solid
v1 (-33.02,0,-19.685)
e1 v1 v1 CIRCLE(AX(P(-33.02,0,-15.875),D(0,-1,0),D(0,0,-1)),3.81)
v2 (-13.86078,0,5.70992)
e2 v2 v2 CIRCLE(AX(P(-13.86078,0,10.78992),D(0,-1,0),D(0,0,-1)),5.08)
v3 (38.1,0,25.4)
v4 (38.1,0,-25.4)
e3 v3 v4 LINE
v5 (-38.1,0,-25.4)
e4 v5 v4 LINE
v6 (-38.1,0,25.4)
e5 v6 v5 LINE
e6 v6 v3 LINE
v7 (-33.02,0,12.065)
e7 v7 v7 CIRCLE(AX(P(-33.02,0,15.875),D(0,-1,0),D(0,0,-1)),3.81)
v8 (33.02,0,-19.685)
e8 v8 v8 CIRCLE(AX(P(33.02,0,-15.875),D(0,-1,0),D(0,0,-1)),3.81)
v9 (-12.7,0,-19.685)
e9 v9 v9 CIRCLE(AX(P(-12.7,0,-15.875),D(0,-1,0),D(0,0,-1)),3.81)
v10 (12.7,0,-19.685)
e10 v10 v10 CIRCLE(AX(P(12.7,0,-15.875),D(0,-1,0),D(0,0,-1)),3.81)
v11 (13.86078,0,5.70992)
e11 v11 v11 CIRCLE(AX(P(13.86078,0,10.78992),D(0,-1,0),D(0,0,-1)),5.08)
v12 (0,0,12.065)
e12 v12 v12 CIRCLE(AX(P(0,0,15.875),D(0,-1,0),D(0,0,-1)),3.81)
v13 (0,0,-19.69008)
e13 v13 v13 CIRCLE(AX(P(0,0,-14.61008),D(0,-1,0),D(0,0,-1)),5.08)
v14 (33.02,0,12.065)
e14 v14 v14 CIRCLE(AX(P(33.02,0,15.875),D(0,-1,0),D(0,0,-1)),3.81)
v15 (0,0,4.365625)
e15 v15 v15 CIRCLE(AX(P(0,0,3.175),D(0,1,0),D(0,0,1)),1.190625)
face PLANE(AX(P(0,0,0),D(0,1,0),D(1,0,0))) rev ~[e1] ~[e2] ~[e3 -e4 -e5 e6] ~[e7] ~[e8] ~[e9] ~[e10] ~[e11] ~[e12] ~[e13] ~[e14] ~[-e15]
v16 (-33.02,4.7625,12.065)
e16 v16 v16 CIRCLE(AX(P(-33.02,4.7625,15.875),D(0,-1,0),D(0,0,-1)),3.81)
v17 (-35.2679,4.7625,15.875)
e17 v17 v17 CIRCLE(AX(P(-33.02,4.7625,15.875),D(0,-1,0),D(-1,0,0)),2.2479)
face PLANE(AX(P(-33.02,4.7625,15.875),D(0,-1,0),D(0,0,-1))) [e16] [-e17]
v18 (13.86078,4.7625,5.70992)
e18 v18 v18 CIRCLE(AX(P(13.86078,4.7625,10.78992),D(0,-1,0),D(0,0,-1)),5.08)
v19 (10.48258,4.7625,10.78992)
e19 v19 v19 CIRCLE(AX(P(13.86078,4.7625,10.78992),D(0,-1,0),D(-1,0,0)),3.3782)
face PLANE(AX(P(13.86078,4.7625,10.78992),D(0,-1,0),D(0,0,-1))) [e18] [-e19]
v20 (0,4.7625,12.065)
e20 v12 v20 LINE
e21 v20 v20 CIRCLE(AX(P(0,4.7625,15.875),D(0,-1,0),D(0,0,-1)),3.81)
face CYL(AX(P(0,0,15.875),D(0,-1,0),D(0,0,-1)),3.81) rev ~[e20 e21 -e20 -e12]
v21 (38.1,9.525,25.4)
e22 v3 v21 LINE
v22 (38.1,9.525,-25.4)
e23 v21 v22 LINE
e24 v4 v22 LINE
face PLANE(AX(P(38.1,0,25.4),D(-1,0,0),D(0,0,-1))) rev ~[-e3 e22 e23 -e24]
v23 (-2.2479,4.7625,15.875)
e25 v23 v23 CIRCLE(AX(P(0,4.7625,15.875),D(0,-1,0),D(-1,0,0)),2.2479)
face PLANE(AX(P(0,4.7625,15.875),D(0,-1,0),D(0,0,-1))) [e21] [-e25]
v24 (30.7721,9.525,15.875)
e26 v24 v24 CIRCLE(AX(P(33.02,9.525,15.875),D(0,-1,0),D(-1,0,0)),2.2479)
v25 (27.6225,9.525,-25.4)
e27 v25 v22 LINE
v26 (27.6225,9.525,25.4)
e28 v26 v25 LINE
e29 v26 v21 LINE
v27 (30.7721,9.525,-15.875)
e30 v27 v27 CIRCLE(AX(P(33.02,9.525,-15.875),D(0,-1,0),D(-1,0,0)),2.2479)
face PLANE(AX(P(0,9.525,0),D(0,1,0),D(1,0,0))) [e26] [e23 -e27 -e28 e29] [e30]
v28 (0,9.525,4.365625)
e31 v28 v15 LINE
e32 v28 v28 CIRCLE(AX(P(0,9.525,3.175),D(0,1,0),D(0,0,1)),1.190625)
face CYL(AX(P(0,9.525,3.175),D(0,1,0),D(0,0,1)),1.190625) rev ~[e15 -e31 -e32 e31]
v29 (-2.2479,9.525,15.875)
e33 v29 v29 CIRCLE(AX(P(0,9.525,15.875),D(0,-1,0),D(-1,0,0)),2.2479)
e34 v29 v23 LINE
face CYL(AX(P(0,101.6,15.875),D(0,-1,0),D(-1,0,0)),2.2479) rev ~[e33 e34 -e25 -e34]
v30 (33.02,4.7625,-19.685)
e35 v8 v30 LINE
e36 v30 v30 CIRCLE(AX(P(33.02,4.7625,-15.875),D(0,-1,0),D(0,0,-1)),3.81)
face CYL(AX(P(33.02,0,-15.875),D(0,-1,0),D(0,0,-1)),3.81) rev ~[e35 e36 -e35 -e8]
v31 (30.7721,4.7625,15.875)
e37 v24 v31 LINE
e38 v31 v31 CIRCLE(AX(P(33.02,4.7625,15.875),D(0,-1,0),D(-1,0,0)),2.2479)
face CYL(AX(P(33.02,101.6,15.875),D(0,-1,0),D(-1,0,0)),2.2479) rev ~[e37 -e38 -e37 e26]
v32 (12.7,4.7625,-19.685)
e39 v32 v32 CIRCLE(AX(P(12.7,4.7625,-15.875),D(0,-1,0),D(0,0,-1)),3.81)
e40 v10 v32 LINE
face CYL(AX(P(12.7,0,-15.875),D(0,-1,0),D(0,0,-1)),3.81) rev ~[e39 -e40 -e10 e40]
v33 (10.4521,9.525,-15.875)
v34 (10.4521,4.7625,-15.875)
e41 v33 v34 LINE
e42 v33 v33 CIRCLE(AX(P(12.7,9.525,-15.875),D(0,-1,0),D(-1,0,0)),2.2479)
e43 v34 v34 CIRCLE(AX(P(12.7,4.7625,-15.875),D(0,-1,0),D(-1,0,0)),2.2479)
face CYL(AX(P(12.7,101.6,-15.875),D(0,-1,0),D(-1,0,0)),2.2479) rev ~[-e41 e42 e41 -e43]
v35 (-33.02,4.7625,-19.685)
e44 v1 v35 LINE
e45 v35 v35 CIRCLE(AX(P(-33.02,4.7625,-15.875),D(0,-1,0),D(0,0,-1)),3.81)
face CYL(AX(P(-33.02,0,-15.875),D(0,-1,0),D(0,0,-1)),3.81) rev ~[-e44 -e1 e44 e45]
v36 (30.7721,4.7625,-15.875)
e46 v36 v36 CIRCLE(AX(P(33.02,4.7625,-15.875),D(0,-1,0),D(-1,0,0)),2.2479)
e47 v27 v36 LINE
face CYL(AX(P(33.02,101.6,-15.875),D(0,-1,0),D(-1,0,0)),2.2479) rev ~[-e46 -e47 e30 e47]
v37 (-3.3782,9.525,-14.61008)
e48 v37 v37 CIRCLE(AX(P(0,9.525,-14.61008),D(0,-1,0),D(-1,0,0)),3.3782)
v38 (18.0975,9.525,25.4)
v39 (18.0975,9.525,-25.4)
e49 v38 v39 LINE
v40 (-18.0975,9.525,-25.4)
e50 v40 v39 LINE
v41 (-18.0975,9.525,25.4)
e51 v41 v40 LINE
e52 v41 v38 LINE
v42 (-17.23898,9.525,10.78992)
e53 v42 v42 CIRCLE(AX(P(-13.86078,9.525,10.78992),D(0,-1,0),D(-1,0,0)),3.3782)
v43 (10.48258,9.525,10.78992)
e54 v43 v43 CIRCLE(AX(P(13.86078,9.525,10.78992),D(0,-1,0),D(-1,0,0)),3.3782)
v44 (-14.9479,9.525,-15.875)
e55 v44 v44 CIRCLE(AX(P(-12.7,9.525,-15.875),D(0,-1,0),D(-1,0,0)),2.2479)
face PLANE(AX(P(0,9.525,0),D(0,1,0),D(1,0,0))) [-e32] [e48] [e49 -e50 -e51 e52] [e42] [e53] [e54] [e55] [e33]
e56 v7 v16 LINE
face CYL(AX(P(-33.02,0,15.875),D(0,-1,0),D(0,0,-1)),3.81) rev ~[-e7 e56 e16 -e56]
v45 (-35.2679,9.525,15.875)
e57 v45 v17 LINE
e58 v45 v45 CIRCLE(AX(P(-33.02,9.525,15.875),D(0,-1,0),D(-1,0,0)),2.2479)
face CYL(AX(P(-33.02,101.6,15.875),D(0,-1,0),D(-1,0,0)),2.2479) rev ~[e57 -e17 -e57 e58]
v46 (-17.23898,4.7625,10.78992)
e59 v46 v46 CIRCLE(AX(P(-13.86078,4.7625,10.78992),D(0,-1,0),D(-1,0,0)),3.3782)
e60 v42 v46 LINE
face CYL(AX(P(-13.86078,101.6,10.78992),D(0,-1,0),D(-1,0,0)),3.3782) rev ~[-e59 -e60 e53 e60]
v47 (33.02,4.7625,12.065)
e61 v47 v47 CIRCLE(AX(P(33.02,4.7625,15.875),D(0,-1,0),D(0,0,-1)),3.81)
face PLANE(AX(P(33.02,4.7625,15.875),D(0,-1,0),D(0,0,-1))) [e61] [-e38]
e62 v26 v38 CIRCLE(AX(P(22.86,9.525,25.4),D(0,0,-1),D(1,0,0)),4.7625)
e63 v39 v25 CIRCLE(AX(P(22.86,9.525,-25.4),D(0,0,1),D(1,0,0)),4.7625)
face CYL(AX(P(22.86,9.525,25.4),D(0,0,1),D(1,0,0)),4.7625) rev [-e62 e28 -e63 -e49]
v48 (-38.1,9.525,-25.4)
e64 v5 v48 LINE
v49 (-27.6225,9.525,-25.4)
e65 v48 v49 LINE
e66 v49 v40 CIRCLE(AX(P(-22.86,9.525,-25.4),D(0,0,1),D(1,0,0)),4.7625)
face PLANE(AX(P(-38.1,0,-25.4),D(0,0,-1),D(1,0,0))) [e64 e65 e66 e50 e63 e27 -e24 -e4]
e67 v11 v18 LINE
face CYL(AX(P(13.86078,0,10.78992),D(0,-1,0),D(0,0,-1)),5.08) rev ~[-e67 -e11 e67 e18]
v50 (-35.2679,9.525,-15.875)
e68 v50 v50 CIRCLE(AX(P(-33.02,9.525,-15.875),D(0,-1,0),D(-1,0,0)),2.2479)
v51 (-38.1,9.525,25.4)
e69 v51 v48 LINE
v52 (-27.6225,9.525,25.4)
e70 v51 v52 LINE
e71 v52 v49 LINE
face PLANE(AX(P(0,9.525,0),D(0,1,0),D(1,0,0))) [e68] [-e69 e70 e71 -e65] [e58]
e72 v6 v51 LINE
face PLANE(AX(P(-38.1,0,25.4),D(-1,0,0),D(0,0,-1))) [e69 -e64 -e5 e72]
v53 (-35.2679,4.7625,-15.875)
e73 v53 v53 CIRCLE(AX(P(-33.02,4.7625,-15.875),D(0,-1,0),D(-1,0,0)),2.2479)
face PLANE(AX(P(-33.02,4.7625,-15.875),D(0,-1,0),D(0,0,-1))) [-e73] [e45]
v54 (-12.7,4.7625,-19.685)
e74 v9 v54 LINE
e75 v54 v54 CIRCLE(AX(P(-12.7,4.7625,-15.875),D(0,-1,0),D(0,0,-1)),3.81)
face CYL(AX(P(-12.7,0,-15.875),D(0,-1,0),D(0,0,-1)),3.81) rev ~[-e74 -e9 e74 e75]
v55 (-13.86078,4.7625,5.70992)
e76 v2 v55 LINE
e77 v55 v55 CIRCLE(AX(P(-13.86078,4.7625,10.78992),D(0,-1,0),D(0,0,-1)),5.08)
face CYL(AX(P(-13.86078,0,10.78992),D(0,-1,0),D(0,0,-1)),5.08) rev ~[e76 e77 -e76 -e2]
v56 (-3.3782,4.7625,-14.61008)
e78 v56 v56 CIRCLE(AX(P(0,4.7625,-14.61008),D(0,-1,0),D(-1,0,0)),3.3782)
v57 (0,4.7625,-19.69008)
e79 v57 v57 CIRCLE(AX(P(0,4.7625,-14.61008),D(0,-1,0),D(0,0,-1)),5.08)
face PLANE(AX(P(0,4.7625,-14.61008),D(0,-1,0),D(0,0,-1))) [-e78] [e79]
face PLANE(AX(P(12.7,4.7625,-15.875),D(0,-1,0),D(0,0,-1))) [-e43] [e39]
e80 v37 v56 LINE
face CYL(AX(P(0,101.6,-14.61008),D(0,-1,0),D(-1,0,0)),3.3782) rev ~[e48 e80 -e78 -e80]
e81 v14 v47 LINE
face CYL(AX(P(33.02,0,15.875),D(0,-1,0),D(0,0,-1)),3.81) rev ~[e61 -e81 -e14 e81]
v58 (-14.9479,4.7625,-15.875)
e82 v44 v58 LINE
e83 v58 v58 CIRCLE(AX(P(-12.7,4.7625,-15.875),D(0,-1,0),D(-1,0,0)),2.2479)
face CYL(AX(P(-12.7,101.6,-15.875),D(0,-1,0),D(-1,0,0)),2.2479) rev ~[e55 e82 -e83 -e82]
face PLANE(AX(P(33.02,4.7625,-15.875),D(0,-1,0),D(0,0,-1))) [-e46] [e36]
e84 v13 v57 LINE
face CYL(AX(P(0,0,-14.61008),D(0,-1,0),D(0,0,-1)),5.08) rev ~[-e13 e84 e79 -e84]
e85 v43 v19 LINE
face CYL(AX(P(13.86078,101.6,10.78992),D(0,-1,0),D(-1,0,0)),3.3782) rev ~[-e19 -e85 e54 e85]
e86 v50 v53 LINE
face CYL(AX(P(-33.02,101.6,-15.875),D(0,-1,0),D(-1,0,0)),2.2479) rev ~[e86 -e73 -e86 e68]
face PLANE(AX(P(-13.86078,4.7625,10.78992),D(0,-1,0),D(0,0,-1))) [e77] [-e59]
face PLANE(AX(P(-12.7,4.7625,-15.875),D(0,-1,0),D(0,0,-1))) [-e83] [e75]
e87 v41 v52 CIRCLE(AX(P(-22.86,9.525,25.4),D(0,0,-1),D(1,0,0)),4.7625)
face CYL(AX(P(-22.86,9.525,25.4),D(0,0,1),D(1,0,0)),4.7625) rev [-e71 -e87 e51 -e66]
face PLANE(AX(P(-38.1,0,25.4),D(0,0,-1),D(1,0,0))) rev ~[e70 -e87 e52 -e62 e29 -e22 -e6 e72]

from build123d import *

# Parameters (mm, degrees)
SKETCH1_W               = 76.2
SKETCH1_H               = 50.8
BOSS_EXTRUDE1_DEPTH     = 9.525
F_1_4_CLEARANCE_HOLE1_D = 6.7564
CUT_EXTRUDE1_DEPTH      = 65.210401221
SKETCH5_R               = 1.190625
CUT_EXTRUDE2_DEPTH      = 47.770670564
F_8_CLEARANCE_HOLE1_D   = 4.4958
SKETCH8_R               = 5.08
CUT_EXTRUDE3_DEPTH      = 4.7625
SKETCH9_R               = 3.81
CUT_EXTRUDE4_DEPTH      = 4.7625


with BuildPart() as part:
    # Sketch1 → Boss-Extrude1 (new body)
    with BuildSketch(Plane(origin=(0, 0, 0), x_dir=(1, 0, 0), z_dir=(0, 1, 0))):
        Rectangle(SKETCH1_W, SKETCH1_H)
    extrude(amount=BOSS_EXTRUDE1_DEPTH)

    # 1/4 Clearance Hole1 (through all)
    with Locations(Plane(origin=(0, 9.525, 0), x_dir=(1, 0, 0), z_dir=(0, 1, 0))):
        with Locations((0, 14.61008), (-13.86078, -10.78992), (13.86078, -10.78992)):
            Hole(F_1_4_CLEARANCE_HOLE1_D / 2)

    # Sketch4 → Cut-Extrude1 (cut, through all)
    with BuildSketch(Plane.XY.offset(25.4)):
        with BuildLine():
            Line((-27.6225, 9.525), (-18.0975, 9.525))
            ThreePointArc((-18.0975, 9.525), (-22.86, 4.7625), (-27.6225, 9.525))
        make_face()
        with BuildLine():
            Line((18.0975, 9.525), (27.6225, 9.525))
            ThreePointArc((27.6225, 9.525), (22.86, 4.7625), (18.0975, 9.525))
        make_face()
    extrude(amount=-CUT_EXTRUDE1_DEPTH, mode=Mode.SUBTRACT)

    # Sketch5 → Cut-Extrude2 (cut, through all)
    with BuildSketch(Plane(origin=(0, 9.525, 0), x_dir=(1, 0, 0), z_dir=(0, 1, 0))):
        with Locations(Location((0, -3.175, 0), (0, 0, 270))):
            Circle(SKETCH5_R)
    extrude(amount=-CUT_EXTRUDE2_DEPTH, mode=Mode.SUBTRACT)

    # #8 Clearance Hole1 (through all)
    with Locations(Plane(origin=(0, 9.525, 0), x_dir=(1, 0, 0), z_dir=(0, 1, 0))):
        with Locations((-33.02, 15.875), (-33.02, -15.875), (33.02, -15.875), (33.02, 15.875), (-12.7, 15.875), (12.7, 15.875), (0, -15.875)):
            Hole(F_8_CLEARANCE_HOLE1_D / 2)

    # Sketch8 → Cut-Extrude3 (cut)
    with BuildSketch(Plane.XZ):
        with Locations(Location((-13.86078, 10.78992, 0), (0, 0, 270))):
            Circle(SKETCH8_R)
        with Locations(Location((13.86078, 10.78992, 0), (0, 0, 270))):
            Circle(SKETCH8_R)
        with Locations(Location((0, -14.61008, 0), (0, 0, 270))):
            Circle(SKETCH8_R)
    extrude(amount=-CUT_EXTRUDE3_DEPTH, mode=Mode.SUBTRACT)

    # Sketch9 → Cut-Extrude4 (cut)
    with BuildSketch(Plane.XZ):
        with Locations(Location((-33.02, 15.875, 0), (0, 0, 270))):
            Circle(SKETCH9_R)
        with Locations(Location((0, 15.875, 0), (0, 0, 270))):
            Circle(SKETCH9_R)
        with Locations(Location((33.02, 15.875, 0), (0, 0, 270))):
            Circle(SKETCH9_R)
        with Locations(Location((33.02, -15.875, 0), (0, 0, 270))):
            Circle(SKETCH9_R)
        with Locations(Location((12.7, -15.875, 0), (0, 0, 270))):
            Circle(SKETCH9_R)
        with Locations(Location((-12.7, -15.875, 0), (0, 0, 270))):
            Circle(SKETCH9_R)
        with Locations(Location((-33.02, -15.875, 0), (0, 0, 270))):
            Circle(SKETCH9_R)
    extrude(amount=-CUT_EXTRUDE4_DEPTH, mode=Mode.SUBTRACT)


solid = part.part
